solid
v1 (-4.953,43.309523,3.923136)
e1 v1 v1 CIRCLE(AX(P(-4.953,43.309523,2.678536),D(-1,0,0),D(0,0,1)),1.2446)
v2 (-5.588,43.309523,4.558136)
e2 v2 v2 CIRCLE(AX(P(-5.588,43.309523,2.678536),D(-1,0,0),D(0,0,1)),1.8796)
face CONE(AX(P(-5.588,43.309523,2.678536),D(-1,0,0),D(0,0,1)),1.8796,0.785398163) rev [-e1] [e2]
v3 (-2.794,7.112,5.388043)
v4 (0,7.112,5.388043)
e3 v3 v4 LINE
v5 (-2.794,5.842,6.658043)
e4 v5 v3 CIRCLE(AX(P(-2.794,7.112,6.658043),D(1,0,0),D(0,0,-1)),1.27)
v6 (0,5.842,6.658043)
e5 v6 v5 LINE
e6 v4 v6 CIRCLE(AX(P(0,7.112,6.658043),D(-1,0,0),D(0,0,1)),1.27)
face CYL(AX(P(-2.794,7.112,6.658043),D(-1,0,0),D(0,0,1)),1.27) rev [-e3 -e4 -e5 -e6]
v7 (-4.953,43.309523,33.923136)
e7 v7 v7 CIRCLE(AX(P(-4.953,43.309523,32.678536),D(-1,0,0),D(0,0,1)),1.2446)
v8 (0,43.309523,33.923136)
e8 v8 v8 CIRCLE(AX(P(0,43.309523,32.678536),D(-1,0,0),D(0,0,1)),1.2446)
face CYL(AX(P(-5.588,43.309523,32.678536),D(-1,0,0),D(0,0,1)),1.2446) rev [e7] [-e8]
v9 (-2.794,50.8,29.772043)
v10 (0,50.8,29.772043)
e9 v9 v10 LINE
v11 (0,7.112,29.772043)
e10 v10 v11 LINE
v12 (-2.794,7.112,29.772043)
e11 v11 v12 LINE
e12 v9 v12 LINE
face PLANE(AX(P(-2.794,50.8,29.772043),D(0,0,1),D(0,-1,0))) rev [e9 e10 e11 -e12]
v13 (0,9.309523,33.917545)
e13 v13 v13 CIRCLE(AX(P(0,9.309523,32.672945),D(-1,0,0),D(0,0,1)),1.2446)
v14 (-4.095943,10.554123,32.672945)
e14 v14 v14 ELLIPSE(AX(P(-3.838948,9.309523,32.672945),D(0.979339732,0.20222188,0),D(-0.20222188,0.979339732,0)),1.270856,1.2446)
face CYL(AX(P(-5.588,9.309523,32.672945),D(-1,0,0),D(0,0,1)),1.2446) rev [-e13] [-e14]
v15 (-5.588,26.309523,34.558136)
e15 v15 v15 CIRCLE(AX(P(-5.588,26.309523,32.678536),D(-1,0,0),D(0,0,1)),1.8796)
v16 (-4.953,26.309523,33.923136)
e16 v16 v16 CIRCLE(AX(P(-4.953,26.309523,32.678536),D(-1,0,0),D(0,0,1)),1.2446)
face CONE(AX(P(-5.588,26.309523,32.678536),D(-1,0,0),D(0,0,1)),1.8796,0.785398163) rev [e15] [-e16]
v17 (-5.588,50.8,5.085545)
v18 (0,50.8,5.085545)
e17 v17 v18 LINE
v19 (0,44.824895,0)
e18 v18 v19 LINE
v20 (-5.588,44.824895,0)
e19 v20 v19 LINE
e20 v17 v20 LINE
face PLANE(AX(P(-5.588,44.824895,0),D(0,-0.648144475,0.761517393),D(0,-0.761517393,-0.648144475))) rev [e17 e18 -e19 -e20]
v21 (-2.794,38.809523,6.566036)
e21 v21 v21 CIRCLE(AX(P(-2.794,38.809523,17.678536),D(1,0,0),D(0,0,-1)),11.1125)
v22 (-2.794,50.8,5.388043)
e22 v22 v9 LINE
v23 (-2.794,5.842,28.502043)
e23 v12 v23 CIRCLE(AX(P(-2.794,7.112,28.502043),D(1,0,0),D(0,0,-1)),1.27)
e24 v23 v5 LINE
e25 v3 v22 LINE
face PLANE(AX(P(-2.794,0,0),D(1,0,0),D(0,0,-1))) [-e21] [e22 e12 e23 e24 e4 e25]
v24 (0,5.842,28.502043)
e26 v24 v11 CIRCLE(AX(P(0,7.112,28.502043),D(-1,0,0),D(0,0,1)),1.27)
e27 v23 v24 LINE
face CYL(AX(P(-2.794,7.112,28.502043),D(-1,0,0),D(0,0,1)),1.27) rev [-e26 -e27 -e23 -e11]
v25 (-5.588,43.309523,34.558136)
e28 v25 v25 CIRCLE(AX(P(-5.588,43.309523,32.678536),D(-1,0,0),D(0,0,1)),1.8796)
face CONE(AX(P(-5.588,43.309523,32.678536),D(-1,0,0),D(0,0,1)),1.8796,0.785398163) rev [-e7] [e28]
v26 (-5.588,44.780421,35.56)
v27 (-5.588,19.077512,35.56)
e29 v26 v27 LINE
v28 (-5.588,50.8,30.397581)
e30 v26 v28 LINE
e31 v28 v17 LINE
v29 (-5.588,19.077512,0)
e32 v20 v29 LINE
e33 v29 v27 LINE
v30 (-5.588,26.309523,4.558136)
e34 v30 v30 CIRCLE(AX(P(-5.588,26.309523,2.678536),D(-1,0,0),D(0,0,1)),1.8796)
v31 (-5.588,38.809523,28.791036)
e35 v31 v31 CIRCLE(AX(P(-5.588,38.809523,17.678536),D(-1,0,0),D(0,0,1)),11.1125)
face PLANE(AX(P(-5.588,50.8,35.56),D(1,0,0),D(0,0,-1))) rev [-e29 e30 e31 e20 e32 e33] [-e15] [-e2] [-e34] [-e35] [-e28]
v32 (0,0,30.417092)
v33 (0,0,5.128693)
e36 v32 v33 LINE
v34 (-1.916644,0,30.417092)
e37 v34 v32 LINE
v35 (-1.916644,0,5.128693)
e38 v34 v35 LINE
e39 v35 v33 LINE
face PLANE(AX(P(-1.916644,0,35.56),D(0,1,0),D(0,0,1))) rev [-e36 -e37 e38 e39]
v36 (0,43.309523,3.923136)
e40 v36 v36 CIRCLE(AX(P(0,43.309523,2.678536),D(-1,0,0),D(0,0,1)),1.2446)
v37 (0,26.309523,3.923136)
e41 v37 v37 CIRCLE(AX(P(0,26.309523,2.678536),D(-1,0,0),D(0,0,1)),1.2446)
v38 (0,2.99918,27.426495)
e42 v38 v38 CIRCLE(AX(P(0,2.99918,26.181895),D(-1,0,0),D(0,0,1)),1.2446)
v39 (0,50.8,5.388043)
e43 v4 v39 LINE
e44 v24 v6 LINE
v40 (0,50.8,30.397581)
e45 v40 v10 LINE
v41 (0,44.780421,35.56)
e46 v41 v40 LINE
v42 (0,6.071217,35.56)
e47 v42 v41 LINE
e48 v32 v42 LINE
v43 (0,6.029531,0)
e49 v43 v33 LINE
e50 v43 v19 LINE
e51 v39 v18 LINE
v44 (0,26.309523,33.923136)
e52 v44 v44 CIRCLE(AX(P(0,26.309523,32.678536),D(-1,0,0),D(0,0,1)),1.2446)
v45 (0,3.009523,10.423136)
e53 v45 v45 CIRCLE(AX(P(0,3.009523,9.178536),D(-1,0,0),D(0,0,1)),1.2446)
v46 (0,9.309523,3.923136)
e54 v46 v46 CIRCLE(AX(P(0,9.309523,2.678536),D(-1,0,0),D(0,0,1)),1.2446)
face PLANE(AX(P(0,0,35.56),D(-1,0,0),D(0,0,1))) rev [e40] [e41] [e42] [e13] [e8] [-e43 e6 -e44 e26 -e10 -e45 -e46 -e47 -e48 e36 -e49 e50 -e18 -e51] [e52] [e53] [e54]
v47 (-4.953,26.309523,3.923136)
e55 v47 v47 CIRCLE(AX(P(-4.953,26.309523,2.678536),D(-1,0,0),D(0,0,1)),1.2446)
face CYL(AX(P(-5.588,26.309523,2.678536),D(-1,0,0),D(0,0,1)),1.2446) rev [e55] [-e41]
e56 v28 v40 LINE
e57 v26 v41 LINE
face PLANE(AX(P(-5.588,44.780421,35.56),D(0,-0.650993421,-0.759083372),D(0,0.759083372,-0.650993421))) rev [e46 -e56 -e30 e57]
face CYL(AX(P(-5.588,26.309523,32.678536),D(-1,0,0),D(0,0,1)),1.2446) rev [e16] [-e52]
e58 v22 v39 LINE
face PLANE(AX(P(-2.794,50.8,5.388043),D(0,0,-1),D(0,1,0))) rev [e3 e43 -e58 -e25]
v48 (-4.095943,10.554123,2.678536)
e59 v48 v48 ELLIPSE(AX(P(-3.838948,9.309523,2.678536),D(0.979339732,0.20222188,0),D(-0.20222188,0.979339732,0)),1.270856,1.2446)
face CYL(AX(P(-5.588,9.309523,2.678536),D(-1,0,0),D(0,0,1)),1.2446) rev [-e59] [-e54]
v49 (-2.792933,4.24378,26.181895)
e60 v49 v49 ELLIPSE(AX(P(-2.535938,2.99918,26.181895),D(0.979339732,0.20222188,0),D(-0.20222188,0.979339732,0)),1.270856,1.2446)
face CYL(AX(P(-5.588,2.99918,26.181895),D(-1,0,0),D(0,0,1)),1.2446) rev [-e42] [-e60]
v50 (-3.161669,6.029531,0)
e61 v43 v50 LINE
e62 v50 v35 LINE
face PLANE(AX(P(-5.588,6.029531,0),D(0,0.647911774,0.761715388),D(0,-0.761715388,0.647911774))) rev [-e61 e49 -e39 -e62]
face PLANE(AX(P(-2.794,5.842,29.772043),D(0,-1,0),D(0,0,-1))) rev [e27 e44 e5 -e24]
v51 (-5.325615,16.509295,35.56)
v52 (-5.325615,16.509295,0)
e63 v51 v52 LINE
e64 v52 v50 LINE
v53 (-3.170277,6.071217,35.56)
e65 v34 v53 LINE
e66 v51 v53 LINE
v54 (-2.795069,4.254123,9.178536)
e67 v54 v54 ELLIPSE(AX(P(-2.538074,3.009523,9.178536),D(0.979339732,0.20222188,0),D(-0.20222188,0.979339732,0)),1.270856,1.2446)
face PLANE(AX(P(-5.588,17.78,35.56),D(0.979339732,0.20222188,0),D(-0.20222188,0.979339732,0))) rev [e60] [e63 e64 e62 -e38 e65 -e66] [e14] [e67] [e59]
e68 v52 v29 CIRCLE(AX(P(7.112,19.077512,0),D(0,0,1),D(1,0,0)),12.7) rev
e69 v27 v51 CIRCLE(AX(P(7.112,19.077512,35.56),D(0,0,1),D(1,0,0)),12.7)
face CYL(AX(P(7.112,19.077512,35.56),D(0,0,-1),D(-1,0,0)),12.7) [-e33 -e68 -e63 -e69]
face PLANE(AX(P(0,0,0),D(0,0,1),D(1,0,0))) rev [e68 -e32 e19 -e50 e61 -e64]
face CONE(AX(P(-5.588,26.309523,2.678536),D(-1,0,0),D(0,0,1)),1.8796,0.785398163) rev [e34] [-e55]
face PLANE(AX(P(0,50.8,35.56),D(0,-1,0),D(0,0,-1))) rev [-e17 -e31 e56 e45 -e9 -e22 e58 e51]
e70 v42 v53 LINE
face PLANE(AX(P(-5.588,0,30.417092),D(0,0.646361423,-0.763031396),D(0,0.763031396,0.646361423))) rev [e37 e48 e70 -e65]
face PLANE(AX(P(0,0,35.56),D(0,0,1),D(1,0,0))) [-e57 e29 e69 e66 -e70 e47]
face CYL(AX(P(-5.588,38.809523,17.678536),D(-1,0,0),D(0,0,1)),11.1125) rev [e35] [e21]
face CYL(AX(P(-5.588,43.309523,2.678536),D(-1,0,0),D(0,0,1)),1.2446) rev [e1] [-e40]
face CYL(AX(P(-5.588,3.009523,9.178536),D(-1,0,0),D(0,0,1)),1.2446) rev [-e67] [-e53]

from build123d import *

# Parameters (mm, degrees)
BOSS_EXTRUDE1_DEPTH                   = 35.56
FILLET1_R                             = 12.7
SKETCH6_W                             = 24.384
SKETCH6_H                             = 44.958
CUT_EXTRUDE1_DEPTH                    = 2.794
FILLET2_R                             = 1.27
CUT_EXTRUDE3_DEPTH                    = 63.260576162
CUT_EXTRUDE4_DEPTH                    = 63.260576162
F_7_8_0_875_DIAMETER_HOLE1_D          = 22.225
F_40_0_098_DIAMETER_HOLE1_D           = 2.4892
F_40_0_098_DIAMETER_HOLE1_CSINK_D     = 3.7592
F_40_0_098_DIAMETER_HOLE1_CSINK_ANGLE = 90


with BuildPart() as part:
    # Sketch1 → Boss-Extrude1 (new body)
    with BuildSketch(Plane.XY):
        Polygon((0, 0), (0, 50.8), (-5.588, 50.8), (-5.588, 17.78), (-1.916643762, 0), align=None)
    extrude(amount=BOSS_EXTRUDE1_DEPTH)

    # Fillet1
    fillet1_edges = [part.edges().sort_by_distance(p)[0] for p in [
        (-5.588, 17.78, 17.78),
    ]]
    fillet(fillet1_edges, radius=FILLET1_R)

    # Sketch6 → Cut-Extrude1 (cut)
    with BuildSketch(Plane(origin=(0, 0, 0), x_dir=(0, 0, -1), z_dir=(1, 0, 0))):
        with Locations((-17.580042727, 28.321)):
            Rectangle(SKETCH6_W, SKETCH6_H)
    extrude(amount=-CUT_EXTRUDE1_DEPTH, mode=Mode.SUBTRACT)

    # Fillet2
    fillet2_edges = [part.edges().sort_by_distance(p)[0] for p in [
        (-1.397, 5.842, 29.772042727),
        (-1.397, 5.842, 5.388042727),
    ]]
    fillet(fillet2_edges, radius=FILLET2_R)

    # Sketch10 → Cut-Extrude3 (cut, through all)
    with BuildSketch(Plane(origin=(0, 0, 0), x_dir=(0, 0, -1), z_dir=(1, 0, 0))):
        Polygon((-35.56, 44.780420684), (-30.397580851, 50.8), (-35.56, 50.8), align=None)
    extrude(amount=-CUT_EXTRUDE3_DEPTH, mode=Mode.SUBTRACT)

    # Sketch11 → Cut-Extrude4 (cut, through all)
    with BuildSketch(Plane(origin=(0, 0, 0), x_dir=(0, 0, -1), z_dir=(1, 0, 0))):
        Polygon((-5.085545117, 50.8), (0, 50.8), (0, 44.824895363), align=None)
        Polygon((0, 6.029531172), (-5.128692816, 0), (0, 0), align=None)
        Polygon((-35.56, 6.07121688), (-35.56, 0), (-30.417091858, 0), align=None)
    extrude(amount=-CUT_EXTRUDE4_DEPTH, mode=Mode.SUBTRACT)

    # 7/8 (0.875) Diameter Hole1 (through all)
    with Locations(Plane.ZY.offset(5.588)):
        with Locations((17.678535919, 38.809523369)):
            Hole(F_7_8_0_875_DIAMETER_HOLE1_D / 2)

    # #40 (0.098) Diameter Hole1 (through all)
    with Locations(Plane.ZY.offset(5.588)):
        with Locations((2.678535919, 43.309523369), (2.678535919, 26.309523369), (2.678535919, 9.309523369), (9.178535919, 3.009523369), (26.181895158, 2.999179942), (32.672944692, 9.309523369), (32.678535919, 26.309523369), (32.678535919, 43.309523369)):
            CounterSinkHole(F_40_0_098_DIAMETER_HOLE1_D / 2, F_40_0_098_DIAMETER_HOLE1_CSINK_D / 2, counter_sink_angle=F_40_0_098_DIAMETER_HOLE1_CSINK_ANGLE)


solid = part.part
